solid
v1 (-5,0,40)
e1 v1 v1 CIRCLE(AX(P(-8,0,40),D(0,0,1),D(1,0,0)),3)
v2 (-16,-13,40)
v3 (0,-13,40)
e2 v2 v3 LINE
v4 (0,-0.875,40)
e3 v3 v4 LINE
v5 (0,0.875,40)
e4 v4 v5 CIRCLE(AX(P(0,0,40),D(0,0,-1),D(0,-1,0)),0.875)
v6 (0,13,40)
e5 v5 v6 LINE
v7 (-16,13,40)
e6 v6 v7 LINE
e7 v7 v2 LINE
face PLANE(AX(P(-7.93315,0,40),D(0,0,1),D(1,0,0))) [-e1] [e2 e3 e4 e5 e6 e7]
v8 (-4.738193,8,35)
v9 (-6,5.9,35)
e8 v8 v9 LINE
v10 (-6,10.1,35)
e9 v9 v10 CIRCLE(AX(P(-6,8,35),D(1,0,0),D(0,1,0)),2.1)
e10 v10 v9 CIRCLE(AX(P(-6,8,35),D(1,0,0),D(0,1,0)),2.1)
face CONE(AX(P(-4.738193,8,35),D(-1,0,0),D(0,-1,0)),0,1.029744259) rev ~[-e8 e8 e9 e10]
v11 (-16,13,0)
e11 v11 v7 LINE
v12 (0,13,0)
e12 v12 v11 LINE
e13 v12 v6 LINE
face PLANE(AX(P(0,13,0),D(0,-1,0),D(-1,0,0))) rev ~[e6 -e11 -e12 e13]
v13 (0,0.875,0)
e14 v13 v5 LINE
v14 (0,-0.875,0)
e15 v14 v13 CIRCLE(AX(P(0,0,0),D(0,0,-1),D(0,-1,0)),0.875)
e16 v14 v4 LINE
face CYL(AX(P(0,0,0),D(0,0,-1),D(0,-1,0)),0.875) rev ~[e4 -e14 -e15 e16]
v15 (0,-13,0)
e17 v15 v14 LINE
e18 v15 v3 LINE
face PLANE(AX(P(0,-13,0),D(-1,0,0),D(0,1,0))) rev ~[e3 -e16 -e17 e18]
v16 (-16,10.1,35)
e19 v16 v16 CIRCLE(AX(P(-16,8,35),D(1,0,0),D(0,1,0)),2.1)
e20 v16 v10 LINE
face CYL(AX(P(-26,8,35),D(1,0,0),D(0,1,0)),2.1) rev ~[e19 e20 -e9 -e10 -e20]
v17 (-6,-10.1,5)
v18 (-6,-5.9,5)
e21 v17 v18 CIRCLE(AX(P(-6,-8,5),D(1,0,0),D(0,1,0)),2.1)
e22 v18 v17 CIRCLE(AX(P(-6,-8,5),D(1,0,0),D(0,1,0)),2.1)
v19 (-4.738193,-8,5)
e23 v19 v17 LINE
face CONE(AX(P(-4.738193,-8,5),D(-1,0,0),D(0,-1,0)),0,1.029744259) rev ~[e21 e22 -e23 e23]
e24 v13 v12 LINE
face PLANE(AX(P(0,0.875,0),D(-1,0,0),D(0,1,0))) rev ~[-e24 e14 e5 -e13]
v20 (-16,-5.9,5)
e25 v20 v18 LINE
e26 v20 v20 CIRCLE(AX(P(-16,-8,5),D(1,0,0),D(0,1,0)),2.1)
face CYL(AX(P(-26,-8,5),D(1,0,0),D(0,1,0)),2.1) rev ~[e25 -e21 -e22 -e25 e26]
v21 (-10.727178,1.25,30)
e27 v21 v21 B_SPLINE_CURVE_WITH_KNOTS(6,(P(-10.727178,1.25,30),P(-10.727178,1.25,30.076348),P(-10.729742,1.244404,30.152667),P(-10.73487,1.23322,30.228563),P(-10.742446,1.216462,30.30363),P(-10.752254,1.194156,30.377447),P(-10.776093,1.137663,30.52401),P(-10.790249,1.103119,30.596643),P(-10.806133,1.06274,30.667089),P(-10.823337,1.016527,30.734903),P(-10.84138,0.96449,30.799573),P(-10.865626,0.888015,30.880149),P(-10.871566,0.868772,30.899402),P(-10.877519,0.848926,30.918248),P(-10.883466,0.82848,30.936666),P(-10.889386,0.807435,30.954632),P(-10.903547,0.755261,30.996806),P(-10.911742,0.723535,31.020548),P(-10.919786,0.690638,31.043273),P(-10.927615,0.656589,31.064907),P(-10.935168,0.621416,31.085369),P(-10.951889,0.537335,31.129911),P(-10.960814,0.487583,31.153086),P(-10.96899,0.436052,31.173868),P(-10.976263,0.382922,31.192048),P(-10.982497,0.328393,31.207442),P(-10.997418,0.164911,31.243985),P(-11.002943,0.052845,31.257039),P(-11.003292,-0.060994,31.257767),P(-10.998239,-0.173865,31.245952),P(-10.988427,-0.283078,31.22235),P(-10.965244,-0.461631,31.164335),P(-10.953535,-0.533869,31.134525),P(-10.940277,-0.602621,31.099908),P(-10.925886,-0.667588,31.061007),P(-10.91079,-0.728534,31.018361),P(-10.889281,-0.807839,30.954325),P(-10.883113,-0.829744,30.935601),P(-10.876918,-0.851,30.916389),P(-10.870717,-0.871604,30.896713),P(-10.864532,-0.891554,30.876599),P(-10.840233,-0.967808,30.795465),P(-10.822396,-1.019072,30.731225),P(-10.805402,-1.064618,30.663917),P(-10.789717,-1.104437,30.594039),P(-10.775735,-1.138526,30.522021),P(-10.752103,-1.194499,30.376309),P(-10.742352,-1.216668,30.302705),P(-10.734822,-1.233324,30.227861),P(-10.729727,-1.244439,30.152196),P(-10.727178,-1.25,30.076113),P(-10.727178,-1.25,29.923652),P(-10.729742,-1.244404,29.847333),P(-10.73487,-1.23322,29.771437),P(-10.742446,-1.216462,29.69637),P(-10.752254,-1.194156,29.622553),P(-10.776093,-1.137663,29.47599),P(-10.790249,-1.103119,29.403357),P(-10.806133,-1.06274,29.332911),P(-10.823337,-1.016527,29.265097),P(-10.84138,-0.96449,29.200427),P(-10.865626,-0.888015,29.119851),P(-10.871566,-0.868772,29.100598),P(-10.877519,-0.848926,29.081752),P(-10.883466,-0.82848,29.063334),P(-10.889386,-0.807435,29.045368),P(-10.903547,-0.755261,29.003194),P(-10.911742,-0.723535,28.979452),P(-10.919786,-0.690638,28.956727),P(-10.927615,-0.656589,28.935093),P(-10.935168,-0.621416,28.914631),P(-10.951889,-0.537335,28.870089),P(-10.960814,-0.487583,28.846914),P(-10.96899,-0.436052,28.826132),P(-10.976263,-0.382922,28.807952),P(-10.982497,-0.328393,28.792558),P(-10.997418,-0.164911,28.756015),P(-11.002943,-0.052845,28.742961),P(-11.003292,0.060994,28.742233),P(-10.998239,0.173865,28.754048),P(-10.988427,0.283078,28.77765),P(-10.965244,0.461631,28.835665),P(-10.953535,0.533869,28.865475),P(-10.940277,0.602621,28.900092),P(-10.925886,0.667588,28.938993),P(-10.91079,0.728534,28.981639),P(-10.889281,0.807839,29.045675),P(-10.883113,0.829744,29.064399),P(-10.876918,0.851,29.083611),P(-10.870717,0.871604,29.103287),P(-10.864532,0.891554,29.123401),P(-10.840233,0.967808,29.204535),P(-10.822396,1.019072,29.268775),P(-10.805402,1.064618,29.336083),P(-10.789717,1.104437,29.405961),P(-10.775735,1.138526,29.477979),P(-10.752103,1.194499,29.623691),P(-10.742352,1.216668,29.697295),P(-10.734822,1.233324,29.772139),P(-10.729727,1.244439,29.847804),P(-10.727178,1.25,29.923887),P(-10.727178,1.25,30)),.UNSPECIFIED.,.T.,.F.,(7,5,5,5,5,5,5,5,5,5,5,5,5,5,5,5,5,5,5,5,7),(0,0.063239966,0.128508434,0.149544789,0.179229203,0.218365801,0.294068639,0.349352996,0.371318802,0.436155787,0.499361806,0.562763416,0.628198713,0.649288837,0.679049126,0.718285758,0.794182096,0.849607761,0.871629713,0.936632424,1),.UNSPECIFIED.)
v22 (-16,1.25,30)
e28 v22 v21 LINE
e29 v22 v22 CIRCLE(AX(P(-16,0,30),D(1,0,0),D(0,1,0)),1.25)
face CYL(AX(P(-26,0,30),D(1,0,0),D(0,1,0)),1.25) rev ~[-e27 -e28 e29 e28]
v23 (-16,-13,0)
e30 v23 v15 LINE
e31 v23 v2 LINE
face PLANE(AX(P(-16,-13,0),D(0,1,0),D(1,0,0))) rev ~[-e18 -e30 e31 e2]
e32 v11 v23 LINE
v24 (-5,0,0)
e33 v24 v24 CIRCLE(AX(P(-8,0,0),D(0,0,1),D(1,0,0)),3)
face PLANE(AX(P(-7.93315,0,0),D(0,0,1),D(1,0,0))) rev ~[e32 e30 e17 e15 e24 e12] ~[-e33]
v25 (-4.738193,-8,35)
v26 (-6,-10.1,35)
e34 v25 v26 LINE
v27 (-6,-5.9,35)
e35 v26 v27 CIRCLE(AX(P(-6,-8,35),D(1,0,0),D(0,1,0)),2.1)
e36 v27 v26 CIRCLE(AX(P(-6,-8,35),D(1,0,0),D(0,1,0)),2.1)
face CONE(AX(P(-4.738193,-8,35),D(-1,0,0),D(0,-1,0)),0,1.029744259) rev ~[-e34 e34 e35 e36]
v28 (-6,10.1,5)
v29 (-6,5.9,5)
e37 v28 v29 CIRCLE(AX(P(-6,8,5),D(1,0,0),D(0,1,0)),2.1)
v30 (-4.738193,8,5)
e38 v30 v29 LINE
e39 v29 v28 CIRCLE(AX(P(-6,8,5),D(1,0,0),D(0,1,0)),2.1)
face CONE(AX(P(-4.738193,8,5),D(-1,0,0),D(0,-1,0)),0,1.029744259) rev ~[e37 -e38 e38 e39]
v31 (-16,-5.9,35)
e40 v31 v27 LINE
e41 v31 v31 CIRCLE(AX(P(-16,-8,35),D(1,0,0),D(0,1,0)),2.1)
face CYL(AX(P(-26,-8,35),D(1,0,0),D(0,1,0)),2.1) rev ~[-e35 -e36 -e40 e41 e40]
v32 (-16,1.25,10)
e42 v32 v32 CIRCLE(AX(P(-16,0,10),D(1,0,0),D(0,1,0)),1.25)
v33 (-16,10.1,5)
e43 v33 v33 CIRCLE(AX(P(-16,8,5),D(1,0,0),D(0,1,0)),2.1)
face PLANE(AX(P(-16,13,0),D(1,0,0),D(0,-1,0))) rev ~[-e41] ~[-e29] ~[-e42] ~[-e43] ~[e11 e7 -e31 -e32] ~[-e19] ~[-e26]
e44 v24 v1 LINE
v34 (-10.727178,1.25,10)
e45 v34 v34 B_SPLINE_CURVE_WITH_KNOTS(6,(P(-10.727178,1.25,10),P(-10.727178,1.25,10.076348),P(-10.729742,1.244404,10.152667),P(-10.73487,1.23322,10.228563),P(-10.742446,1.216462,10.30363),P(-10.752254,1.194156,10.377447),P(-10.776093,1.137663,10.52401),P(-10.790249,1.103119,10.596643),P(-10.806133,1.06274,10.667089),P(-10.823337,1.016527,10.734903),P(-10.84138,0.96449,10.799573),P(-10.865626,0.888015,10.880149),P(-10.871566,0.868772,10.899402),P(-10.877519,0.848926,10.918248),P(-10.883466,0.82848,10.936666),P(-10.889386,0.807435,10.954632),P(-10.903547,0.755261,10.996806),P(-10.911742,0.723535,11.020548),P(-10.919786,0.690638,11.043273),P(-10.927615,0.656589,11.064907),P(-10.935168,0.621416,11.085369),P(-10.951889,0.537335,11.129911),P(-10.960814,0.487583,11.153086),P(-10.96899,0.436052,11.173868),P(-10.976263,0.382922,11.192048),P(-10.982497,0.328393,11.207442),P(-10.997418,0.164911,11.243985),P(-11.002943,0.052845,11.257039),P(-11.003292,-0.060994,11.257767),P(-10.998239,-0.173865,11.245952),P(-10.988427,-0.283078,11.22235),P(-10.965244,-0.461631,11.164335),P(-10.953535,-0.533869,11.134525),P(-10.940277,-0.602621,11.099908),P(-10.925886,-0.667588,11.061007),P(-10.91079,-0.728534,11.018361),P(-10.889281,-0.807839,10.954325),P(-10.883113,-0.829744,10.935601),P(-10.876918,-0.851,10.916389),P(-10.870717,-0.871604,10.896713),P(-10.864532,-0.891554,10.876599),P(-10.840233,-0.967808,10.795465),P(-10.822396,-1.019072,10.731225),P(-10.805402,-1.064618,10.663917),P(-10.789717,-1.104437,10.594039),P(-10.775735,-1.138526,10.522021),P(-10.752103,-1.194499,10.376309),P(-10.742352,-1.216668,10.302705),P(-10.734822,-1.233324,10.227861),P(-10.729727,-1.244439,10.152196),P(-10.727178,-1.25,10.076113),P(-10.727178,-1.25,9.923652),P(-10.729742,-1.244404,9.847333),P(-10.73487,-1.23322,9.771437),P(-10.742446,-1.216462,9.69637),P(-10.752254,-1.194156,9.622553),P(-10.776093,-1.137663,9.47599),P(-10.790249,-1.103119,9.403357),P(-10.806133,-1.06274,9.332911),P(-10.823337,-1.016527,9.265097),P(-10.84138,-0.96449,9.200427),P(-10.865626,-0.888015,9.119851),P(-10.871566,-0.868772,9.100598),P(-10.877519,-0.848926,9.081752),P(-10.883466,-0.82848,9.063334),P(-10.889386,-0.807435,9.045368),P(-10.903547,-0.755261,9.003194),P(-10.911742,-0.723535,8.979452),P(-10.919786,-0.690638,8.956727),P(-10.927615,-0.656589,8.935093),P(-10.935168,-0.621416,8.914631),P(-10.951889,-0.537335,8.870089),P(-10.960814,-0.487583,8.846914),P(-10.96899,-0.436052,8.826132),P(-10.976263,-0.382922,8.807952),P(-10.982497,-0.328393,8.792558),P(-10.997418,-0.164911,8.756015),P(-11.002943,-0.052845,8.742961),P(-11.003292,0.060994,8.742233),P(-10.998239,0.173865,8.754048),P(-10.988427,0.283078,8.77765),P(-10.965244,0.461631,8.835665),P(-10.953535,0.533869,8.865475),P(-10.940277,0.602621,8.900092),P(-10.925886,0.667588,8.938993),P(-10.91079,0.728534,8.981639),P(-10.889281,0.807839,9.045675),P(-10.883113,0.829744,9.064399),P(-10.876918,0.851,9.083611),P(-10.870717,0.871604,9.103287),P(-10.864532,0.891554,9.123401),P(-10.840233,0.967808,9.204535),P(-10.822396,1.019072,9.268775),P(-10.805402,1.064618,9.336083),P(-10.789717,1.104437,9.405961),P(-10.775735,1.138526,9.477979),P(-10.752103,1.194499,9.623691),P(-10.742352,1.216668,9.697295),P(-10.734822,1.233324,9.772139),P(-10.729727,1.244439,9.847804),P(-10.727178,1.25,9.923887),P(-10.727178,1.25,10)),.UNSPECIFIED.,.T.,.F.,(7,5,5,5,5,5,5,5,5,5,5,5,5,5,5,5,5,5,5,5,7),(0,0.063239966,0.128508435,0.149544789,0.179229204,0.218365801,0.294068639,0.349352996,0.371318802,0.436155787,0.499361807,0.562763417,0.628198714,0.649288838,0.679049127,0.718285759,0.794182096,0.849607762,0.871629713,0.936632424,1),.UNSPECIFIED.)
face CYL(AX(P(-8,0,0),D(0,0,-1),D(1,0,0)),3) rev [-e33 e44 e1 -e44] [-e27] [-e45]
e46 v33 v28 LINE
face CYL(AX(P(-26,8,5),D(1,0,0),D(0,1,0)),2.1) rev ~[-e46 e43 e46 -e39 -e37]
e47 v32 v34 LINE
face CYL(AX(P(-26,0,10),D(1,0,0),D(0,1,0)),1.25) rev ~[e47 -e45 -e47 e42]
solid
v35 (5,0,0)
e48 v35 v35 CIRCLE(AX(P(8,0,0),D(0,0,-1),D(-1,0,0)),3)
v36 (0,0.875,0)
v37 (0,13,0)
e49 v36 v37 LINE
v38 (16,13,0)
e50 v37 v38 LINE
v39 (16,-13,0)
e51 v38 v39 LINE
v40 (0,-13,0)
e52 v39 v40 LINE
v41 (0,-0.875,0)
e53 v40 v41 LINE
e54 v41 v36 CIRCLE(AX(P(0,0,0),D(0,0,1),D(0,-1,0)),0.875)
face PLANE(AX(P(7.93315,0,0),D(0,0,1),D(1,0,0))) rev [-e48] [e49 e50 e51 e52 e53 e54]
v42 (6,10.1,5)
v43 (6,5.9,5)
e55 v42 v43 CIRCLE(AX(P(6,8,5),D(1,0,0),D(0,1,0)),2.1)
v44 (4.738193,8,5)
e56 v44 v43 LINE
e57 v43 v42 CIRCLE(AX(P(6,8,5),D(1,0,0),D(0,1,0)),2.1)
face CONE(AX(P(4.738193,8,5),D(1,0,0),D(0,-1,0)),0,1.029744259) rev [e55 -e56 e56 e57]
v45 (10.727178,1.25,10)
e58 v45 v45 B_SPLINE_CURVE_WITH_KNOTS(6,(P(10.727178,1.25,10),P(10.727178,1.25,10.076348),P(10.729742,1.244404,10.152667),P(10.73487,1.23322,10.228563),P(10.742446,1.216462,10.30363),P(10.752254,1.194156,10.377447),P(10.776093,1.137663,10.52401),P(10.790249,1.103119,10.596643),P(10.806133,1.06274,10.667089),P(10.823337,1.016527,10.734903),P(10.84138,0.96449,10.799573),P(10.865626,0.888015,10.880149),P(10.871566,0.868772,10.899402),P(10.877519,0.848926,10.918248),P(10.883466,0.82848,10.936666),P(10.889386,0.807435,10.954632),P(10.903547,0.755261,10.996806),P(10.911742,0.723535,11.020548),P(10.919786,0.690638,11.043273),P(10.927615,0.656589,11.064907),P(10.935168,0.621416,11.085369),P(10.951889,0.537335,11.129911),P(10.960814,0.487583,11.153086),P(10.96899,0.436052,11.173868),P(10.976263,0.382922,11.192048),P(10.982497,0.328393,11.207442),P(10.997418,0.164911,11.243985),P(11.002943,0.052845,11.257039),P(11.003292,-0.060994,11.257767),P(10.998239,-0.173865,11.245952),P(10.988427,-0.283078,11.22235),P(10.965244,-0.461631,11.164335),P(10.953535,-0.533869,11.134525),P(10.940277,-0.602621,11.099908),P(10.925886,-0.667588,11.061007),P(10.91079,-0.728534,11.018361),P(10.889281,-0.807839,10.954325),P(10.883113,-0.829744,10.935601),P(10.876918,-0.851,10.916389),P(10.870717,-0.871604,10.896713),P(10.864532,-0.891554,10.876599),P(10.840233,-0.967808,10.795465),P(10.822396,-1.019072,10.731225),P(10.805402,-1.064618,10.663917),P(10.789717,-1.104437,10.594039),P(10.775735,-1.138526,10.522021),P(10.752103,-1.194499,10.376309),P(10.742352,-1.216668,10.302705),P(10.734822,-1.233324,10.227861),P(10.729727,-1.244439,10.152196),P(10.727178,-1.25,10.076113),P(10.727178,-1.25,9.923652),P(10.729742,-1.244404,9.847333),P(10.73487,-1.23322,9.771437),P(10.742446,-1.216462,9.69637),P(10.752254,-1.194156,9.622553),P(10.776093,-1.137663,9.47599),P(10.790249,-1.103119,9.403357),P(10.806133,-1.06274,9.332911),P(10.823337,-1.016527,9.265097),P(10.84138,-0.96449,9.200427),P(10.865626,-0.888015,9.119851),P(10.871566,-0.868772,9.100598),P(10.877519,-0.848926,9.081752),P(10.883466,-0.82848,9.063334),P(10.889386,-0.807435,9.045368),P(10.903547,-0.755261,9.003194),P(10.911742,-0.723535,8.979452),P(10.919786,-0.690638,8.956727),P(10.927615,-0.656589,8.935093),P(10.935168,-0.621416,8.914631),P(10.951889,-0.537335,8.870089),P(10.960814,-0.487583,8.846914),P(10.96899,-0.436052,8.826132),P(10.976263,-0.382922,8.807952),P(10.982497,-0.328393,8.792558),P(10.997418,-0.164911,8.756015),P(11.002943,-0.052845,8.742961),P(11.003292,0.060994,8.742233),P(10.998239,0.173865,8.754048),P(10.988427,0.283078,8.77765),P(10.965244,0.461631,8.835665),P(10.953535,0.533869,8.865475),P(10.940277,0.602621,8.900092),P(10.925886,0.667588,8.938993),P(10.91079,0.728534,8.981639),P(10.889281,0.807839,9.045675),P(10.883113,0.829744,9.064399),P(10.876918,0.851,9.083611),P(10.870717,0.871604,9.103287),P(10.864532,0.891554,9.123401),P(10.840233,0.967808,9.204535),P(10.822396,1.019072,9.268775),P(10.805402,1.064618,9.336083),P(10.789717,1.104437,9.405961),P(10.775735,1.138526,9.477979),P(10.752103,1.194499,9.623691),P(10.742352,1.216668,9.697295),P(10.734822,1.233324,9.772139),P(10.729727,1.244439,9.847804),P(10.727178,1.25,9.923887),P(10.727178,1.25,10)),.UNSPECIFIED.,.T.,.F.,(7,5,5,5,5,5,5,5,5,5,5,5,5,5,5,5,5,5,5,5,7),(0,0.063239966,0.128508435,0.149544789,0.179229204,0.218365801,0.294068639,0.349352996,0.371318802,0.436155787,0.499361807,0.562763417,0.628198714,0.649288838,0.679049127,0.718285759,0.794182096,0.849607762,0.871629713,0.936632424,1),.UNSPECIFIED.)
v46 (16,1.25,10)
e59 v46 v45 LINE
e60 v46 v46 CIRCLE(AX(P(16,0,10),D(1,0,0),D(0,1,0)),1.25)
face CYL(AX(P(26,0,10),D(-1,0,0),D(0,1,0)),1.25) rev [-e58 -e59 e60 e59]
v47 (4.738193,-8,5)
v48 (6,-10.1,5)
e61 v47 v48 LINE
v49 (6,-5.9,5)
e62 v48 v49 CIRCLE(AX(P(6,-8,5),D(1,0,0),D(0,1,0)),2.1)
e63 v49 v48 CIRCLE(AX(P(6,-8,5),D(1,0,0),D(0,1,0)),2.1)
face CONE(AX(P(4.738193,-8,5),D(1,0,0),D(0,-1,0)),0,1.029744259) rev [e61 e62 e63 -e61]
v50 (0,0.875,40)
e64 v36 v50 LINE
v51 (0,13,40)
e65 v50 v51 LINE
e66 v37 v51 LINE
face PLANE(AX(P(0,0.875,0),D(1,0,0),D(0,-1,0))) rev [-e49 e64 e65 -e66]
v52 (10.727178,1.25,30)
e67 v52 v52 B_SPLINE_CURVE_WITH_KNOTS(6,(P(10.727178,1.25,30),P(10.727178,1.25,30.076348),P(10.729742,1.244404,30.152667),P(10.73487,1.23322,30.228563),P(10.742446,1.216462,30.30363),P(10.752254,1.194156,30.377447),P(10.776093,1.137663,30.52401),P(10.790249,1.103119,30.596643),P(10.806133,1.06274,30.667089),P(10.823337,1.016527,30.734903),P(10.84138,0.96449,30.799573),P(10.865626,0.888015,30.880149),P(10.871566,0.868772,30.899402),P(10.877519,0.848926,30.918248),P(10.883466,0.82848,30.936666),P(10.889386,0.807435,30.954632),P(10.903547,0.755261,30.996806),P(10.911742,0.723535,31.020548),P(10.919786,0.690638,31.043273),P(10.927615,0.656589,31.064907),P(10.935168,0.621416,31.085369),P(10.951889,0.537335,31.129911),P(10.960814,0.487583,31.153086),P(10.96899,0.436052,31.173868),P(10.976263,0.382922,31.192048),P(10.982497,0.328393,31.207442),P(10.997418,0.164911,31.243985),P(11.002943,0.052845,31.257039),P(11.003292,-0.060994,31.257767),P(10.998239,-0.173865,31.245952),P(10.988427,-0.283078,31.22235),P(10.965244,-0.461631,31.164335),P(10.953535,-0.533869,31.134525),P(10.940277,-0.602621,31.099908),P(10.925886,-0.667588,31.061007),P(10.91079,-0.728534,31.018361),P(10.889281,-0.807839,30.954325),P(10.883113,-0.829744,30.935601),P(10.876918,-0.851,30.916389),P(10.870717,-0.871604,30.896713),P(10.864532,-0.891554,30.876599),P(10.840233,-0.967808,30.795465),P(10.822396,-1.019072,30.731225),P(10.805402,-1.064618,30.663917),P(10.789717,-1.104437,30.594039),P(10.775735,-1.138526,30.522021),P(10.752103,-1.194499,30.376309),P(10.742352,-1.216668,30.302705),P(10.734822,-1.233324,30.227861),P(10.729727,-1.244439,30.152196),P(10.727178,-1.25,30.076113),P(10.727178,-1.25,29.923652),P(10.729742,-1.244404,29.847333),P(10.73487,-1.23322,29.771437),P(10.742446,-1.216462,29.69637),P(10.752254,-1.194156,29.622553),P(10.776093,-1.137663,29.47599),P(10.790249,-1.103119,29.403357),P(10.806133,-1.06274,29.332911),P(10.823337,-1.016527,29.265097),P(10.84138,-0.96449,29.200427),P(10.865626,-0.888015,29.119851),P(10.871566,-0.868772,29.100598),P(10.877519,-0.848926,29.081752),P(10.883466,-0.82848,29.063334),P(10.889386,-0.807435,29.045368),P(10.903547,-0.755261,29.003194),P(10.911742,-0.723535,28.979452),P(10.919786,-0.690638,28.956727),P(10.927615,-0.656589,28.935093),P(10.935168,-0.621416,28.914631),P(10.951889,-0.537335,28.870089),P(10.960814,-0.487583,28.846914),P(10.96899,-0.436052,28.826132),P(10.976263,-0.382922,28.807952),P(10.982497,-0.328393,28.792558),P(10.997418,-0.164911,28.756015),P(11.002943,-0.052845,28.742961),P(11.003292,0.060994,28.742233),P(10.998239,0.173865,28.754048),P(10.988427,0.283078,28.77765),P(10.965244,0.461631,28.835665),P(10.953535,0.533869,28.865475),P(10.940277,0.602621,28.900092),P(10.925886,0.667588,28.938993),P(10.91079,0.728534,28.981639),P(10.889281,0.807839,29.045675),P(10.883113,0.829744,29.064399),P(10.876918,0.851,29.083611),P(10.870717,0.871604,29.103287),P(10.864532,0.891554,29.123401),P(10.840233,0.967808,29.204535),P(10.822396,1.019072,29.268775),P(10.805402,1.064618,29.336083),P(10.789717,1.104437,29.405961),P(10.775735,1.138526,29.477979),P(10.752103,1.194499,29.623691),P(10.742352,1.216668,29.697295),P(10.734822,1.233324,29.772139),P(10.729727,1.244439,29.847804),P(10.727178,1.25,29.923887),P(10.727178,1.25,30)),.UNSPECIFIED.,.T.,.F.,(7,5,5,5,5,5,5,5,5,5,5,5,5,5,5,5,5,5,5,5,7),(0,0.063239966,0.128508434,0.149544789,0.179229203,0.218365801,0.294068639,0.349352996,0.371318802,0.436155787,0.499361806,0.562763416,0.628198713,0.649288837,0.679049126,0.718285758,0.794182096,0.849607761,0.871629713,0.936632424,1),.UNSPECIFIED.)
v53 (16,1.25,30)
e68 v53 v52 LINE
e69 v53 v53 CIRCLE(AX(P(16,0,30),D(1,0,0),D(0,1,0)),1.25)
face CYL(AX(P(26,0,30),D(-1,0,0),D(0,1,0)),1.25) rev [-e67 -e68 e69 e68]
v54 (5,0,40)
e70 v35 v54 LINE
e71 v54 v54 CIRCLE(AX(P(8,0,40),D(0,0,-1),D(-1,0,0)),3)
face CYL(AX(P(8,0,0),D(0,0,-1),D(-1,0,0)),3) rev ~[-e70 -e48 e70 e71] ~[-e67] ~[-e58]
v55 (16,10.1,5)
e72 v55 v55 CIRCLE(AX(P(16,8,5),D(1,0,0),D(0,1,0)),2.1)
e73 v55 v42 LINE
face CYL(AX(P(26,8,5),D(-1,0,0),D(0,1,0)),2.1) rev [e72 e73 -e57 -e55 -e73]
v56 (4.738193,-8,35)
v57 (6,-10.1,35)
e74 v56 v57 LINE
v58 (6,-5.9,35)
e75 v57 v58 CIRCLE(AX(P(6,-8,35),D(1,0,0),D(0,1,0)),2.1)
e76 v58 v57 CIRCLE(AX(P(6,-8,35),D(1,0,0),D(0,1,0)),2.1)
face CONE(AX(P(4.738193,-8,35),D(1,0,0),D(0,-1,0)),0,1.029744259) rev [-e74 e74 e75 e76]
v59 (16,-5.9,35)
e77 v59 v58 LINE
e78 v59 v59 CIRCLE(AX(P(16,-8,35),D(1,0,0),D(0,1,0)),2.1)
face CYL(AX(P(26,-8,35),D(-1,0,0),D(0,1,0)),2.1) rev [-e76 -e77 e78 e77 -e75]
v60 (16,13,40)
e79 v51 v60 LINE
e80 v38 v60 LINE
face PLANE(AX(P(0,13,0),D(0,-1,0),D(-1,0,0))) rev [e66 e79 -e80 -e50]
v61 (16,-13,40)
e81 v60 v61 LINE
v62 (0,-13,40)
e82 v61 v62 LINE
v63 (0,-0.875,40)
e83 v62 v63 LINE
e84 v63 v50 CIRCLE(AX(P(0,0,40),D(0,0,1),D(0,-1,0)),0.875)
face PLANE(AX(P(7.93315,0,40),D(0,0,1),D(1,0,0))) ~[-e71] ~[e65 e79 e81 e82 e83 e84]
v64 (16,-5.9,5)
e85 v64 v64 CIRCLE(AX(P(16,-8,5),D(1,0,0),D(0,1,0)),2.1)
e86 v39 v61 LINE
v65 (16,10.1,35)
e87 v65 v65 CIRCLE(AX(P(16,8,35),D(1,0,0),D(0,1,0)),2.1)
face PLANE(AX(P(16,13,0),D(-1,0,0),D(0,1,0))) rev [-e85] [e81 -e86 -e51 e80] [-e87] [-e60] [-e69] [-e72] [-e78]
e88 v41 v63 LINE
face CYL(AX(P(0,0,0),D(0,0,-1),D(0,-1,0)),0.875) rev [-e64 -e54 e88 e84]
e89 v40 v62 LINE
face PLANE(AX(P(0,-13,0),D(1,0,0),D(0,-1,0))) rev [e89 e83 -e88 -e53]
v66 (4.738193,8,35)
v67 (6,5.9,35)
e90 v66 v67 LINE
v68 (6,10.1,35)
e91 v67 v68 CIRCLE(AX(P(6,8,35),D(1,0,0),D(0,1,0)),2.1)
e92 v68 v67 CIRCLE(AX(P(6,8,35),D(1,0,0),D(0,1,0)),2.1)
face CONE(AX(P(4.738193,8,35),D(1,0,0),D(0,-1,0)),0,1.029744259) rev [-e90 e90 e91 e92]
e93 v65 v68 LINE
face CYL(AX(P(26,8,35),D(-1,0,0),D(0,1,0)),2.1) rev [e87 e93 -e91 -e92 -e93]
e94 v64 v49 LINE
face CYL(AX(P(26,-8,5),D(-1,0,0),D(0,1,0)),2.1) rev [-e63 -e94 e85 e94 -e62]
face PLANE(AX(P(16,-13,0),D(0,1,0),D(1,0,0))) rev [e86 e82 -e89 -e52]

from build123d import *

# Parameters (mm, degrees)
F0_R     = 3
F1_DEPTH = 40
F3_D     = 4.2
F3_DEPTH = 10
F3_TIP   = 1.2618073
F4_D     = 2.5
F4_DEPTH = 10
F4_TIP   = 0.7510757738


with BuildPart() as f1:
    # F0 (on Top) → F1 (new body)
    with BuildSketch(Plane.XY):
        with BuildLine():
            Line((0, 13), (-16, 13))
            Line((-16, 13), (-16, -13))
            Line((-16, -13), (0, -13))
            Line((0, -13), (0, -0.875))
            ThreePointArc((0, -0.875), (-0.875, 0), (0, 0.875))
            Line((0, 0.875), (0, 13))
        make_face()
        with Locations((-8, 0)):
            Circle(F0_R, mode=Mode.SUBTRACT)
    extrude(amount=F1_DEPTH)

    # F3
    with Locations(Plane(origin=(-16, 0, 0), x_dir=(0, -1, 0), z_dir=(-1, 0, 0))):
        with Locations((-8, 35), (8, 35), (8, 5), (-8, 5)):
            Hole(F3_D / 2, depth=F3_DEPTH)
            with Locations((0, 0, -(F3_DEPTH + F3_TIP / 2))):  # 118° drill point
                Cone(0, F3_D / 2, F3_TIP, mode=Mode.SUBTRACT)

    # F4
    with Locations(Plane(origin=(-16, 0, 0), x_dir=(0, -1, 0), z_dir=(-1, 0, 0))):
        with Locations((0, 30), (0, 10)):
            Hole(F4_D / 2, depth=F4_DEPTH)
            with Locations((0, 0, -(F4_DEPTH + F4_TIP / 2))):  # 118° drill point
                Cone(0, F4_D / 2, F4_TIP, mode=Mode.SUBTRACT)


with BuildPart() as f5_1:
    # F5: instance of F1
    add(f1.part.mirror(Plane.YZ))


solid = Compound([f1.part, f5_1.part])
